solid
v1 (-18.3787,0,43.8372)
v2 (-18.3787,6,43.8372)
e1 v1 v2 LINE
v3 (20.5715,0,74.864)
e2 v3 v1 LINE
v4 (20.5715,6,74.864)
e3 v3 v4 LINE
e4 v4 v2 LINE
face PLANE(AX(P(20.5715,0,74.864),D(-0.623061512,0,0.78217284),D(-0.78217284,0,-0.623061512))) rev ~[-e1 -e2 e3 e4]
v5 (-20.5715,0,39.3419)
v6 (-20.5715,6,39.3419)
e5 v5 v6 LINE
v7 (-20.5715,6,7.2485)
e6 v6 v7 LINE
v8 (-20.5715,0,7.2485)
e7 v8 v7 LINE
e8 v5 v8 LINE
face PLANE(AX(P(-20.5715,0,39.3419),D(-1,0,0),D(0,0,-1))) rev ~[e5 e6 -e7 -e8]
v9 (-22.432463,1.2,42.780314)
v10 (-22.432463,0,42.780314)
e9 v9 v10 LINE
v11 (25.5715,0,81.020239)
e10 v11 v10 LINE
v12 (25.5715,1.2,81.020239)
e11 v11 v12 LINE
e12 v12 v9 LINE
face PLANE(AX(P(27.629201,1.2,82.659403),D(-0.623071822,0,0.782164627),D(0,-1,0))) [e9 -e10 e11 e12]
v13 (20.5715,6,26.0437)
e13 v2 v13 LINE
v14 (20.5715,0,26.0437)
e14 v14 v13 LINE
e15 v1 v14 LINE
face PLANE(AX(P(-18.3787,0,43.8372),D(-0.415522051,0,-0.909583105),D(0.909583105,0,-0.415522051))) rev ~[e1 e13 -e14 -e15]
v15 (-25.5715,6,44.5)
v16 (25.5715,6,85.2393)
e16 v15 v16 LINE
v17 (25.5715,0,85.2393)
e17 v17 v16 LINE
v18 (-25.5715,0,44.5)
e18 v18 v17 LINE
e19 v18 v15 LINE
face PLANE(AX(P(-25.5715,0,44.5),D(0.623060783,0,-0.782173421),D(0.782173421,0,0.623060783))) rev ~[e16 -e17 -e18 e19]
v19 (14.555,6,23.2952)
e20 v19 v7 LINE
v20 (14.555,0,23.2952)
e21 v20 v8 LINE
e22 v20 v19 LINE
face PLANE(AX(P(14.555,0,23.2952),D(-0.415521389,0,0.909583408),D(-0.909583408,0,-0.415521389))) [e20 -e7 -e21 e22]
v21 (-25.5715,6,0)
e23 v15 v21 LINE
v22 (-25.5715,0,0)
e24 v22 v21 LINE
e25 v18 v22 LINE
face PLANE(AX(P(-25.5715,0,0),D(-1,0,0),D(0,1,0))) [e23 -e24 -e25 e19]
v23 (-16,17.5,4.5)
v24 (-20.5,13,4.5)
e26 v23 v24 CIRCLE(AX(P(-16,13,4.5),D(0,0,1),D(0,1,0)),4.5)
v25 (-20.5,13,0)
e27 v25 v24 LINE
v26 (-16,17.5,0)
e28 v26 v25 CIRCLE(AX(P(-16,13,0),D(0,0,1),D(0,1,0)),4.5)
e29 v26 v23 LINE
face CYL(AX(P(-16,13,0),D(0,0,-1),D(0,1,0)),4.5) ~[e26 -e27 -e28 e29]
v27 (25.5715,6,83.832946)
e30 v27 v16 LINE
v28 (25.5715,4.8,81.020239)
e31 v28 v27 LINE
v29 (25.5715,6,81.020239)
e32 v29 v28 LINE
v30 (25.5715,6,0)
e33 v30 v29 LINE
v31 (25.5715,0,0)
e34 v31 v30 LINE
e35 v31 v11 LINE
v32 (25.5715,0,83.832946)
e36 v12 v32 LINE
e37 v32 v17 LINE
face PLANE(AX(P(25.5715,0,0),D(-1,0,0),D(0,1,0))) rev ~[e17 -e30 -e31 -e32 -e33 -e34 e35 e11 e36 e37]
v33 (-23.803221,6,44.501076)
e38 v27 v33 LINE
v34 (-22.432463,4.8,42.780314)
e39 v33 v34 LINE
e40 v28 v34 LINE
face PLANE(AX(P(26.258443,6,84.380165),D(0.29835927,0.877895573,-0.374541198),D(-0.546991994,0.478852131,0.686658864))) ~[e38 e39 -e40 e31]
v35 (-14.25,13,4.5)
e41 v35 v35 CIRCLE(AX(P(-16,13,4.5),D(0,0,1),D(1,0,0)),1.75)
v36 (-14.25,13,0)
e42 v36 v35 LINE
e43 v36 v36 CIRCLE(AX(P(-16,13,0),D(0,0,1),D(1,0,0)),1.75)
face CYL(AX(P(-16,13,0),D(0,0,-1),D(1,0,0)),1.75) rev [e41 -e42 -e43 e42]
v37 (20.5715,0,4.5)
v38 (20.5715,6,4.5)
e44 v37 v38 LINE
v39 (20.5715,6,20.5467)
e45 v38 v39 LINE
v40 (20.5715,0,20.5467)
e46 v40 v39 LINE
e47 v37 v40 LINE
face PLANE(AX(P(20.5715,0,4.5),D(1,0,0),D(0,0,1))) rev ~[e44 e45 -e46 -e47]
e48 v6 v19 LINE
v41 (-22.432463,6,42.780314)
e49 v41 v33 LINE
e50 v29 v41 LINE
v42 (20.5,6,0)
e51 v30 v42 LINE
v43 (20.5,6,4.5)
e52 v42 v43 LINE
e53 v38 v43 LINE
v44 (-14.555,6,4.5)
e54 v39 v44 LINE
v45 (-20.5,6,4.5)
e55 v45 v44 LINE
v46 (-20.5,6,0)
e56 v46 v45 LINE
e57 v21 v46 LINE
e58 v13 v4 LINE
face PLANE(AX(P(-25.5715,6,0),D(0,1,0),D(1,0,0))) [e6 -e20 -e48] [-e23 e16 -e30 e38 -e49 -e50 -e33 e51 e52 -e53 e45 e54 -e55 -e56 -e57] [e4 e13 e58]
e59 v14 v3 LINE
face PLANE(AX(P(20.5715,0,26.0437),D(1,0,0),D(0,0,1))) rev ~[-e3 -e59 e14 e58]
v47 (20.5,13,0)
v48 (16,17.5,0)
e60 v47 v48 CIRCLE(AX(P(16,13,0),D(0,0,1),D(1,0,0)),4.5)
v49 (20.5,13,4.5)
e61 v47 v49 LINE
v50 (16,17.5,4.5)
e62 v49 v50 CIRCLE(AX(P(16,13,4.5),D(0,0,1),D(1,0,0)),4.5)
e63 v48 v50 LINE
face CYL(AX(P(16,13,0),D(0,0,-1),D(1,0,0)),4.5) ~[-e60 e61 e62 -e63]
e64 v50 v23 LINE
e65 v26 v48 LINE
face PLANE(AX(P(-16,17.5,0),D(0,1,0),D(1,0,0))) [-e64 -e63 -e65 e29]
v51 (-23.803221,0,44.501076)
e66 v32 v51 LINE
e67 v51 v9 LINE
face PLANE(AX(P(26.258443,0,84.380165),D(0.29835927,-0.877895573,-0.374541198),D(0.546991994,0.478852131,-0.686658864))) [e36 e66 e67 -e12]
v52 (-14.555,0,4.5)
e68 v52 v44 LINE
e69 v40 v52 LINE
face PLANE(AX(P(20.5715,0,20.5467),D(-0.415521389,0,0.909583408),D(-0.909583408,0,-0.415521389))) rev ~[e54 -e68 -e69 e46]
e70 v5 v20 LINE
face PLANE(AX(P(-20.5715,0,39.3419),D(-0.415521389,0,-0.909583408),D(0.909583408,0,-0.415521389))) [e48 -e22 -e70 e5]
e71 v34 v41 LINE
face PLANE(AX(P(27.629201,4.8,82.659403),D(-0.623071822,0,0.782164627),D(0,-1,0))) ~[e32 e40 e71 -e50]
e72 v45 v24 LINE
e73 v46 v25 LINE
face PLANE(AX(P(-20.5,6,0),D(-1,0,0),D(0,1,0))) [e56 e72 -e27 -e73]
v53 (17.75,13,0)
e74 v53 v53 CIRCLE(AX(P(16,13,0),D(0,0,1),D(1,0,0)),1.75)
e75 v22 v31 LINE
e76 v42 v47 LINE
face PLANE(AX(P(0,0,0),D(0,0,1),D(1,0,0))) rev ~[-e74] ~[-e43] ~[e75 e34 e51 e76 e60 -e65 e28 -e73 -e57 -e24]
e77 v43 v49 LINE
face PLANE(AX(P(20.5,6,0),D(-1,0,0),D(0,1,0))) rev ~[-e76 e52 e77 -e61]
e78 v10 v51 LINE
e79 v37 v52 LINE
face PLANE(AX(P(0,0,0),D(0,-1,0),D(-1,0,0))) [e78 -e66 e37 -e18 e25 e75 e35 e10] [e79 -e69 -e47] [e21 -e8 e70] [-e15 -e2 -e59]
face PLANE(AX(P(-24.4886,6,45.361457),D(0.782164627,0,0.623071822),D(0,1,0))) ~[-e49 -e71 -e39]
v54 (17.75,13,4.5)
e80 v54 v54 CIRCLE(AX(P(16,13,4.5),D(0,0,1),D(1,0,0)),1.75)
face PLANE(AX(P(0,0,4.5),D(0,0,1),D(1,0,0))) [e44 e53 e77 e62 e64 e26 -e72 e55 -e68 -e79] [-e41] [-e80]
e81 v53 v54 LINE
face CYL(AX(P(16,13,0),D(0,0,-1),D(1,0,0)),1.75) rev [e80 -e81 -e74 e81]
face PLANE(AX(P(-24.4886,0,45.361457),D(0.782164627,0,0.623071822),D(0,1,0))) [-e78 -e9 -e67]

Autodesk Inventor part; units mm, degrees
ref_plane "YZ Plane" through (0, 0, 0) normal (1, 0, 0) x (0, 1, 0)
sketch "Sketch1" plane through (0, 0, 0) normal (0, 0, 1) x (1, 0, 0)
  circle A0 centre (-16, 13) radius 1.75
  circle A1 centre (16, 13) radius 1.75
  line L0 (-16, 13) -> (16, 13) construction
  line L1 (0, 13) -> (0, 0) construction
  line L2 (0, 0) -> (-25.5715, 0)
  line L3 (-25.5715, 0) -> (-25.5715, 6)
  line L4 (-25.5715, 6) -> (-20.5, 6)
  line L5 (-20.5, 6) -> (-20.5, 13)
  line L6 (-16, 17.5) -> (0, 17.5)
  arc A2 (-16, 17.5) -> (-20.5, 13) centre (-16, 13) ccw
  circle A3 centre (16, 13) radius 1.75
  line L7 (0, 0) -> (25.5715, 0)
  line L8 (25.5715, 0) -> (25.5715, 6)
  line L9 (25.5715, 6) -> (20.5, 6)
  line L10 (20.5, 6) -> (20.5, 13)
  line L11 (16, 17.5) -> (0, 17.5)
  arc A4 (20.5, 13) -> (16, 17.5) centre (16, 13) ccw
  dimension "d0" = 3.5
  dimension "d1" = 3.5
  dimension "d2" = 32
  dimension "d3" = 13
  dimension "d4" = 25.5715
  dimension "d5" = 6
  dimension "d18" = 4.5
extrude "Extrusion1" add sketch "Sketch1" along normal blind 4.5
sketch "Sketch2" plane through (-25.5715, 0, 0) normal (0, -1, 0) x (1, 0, 0)
  line L0 (0, 0) -> (51.143, 0) projected
  line L1 (51.143, 0) -> (51.143, 4.5) projected
  line L2 (0, 4.5) -> (51.143, 4.5) projected
  line L3 (0, 0) -> (0, 4.5) projected
  line L4 (0, 4.5) -> (0, 44.5)
  line L5 (0, 44.5) -> (51.143, 85.2393)
  line L6 (51.143, 85.2393) -> (51.143, 4.5)
  line L7 (46.143, 4.5) -> (46.143, 74.864)
  line L8 (46.143, 74.864) -> (5, 42.0904)
  line L9 (5, 42.0904) -> (5, 4.5)
  line L10 (5, 4.5) -> (46.143, 23.2952) construction
  line L11 (5, 42.0904) -> (46.143, 23.2952) construction
  line L12 (5, 23.2952) -> (46.143, 23.2952) construction
  line L13 (5, 4.5) -> (0, 4.5)
  line L14 (46.143, 4.5) -> (51.143, 4.5)
  line L15 (7.1928, 43.8372) -> (46.143, 26.0437)
  line L16 (5, 39.3419) -> (40.1265, 23.2952)
  line L17 (40.1265, 23.2952) -> (5, 7.2485)
  line L18 (46.143, 20.5467) -> (11.0165, 4.5)
  line L19 (5, 7.2485) -> (5, 4.5)
  point P0 (25.5715, 0)
  dimension "d9" = 128.54
  dimension "d10" = 40
  dimension "d11" = 5
  dimension "d14" = 2.5
  dimension "d15" = 2.5
extrude "Extrusion2" add sketch "Sketch2" against normal blind 6 contours L4 L5 L6 L2 L7 L8 L9 | L9 L17 L16 L8 L15 L7 L18 L2
ref_plane "Work Plane1" through (25.5715, 0, 85.2393) normal (0.7822, 0, 0.6231) x (0, 1, 0)
sketch "Sketch4" plane through (25.5715, 0, 85.2393) normal (0.7822, 0, 0.6231) x (0, 1, 0)
  line L0 (0, -66.6719) -> (6, -66.6719) projected
  line L1 (6, -66.6719) -> (6, 0) projected
  line L2 (0, 0) -> (6, 0) projected
  line L3 (0, -66.6719) -> (0, 0) projected
  line L4 (0, -1.1) -> (1.2, -3.3)
  line L5 (1.2, -3.3) -> (0, -3.3)
  line L6 (3, 0) -> (3, -3.4483) construction
  point P0 (0, -50.7393)
  dimension "d29" = 1.1
  dimension "d30" = 3.3
  dimension "d31" = 3.6
extrude "Extrusion4" cut sketch "Sketch4" against normal blind 64 contours L3 L4 L5
ref_plane "Work Plane2" through (-25.5715, 3, 0) normal (0, -1, 0) x (1, 0, 0)
mirror "Mirror1" about plane through (-25.5715, 3, 0) normal (0, -1, 0) of "Extrusion4"
equation "\"d14\" = 0.5 * d11"
equation "\"d15\" = d14"
properties part number "Base_ScreenHolder_L"
